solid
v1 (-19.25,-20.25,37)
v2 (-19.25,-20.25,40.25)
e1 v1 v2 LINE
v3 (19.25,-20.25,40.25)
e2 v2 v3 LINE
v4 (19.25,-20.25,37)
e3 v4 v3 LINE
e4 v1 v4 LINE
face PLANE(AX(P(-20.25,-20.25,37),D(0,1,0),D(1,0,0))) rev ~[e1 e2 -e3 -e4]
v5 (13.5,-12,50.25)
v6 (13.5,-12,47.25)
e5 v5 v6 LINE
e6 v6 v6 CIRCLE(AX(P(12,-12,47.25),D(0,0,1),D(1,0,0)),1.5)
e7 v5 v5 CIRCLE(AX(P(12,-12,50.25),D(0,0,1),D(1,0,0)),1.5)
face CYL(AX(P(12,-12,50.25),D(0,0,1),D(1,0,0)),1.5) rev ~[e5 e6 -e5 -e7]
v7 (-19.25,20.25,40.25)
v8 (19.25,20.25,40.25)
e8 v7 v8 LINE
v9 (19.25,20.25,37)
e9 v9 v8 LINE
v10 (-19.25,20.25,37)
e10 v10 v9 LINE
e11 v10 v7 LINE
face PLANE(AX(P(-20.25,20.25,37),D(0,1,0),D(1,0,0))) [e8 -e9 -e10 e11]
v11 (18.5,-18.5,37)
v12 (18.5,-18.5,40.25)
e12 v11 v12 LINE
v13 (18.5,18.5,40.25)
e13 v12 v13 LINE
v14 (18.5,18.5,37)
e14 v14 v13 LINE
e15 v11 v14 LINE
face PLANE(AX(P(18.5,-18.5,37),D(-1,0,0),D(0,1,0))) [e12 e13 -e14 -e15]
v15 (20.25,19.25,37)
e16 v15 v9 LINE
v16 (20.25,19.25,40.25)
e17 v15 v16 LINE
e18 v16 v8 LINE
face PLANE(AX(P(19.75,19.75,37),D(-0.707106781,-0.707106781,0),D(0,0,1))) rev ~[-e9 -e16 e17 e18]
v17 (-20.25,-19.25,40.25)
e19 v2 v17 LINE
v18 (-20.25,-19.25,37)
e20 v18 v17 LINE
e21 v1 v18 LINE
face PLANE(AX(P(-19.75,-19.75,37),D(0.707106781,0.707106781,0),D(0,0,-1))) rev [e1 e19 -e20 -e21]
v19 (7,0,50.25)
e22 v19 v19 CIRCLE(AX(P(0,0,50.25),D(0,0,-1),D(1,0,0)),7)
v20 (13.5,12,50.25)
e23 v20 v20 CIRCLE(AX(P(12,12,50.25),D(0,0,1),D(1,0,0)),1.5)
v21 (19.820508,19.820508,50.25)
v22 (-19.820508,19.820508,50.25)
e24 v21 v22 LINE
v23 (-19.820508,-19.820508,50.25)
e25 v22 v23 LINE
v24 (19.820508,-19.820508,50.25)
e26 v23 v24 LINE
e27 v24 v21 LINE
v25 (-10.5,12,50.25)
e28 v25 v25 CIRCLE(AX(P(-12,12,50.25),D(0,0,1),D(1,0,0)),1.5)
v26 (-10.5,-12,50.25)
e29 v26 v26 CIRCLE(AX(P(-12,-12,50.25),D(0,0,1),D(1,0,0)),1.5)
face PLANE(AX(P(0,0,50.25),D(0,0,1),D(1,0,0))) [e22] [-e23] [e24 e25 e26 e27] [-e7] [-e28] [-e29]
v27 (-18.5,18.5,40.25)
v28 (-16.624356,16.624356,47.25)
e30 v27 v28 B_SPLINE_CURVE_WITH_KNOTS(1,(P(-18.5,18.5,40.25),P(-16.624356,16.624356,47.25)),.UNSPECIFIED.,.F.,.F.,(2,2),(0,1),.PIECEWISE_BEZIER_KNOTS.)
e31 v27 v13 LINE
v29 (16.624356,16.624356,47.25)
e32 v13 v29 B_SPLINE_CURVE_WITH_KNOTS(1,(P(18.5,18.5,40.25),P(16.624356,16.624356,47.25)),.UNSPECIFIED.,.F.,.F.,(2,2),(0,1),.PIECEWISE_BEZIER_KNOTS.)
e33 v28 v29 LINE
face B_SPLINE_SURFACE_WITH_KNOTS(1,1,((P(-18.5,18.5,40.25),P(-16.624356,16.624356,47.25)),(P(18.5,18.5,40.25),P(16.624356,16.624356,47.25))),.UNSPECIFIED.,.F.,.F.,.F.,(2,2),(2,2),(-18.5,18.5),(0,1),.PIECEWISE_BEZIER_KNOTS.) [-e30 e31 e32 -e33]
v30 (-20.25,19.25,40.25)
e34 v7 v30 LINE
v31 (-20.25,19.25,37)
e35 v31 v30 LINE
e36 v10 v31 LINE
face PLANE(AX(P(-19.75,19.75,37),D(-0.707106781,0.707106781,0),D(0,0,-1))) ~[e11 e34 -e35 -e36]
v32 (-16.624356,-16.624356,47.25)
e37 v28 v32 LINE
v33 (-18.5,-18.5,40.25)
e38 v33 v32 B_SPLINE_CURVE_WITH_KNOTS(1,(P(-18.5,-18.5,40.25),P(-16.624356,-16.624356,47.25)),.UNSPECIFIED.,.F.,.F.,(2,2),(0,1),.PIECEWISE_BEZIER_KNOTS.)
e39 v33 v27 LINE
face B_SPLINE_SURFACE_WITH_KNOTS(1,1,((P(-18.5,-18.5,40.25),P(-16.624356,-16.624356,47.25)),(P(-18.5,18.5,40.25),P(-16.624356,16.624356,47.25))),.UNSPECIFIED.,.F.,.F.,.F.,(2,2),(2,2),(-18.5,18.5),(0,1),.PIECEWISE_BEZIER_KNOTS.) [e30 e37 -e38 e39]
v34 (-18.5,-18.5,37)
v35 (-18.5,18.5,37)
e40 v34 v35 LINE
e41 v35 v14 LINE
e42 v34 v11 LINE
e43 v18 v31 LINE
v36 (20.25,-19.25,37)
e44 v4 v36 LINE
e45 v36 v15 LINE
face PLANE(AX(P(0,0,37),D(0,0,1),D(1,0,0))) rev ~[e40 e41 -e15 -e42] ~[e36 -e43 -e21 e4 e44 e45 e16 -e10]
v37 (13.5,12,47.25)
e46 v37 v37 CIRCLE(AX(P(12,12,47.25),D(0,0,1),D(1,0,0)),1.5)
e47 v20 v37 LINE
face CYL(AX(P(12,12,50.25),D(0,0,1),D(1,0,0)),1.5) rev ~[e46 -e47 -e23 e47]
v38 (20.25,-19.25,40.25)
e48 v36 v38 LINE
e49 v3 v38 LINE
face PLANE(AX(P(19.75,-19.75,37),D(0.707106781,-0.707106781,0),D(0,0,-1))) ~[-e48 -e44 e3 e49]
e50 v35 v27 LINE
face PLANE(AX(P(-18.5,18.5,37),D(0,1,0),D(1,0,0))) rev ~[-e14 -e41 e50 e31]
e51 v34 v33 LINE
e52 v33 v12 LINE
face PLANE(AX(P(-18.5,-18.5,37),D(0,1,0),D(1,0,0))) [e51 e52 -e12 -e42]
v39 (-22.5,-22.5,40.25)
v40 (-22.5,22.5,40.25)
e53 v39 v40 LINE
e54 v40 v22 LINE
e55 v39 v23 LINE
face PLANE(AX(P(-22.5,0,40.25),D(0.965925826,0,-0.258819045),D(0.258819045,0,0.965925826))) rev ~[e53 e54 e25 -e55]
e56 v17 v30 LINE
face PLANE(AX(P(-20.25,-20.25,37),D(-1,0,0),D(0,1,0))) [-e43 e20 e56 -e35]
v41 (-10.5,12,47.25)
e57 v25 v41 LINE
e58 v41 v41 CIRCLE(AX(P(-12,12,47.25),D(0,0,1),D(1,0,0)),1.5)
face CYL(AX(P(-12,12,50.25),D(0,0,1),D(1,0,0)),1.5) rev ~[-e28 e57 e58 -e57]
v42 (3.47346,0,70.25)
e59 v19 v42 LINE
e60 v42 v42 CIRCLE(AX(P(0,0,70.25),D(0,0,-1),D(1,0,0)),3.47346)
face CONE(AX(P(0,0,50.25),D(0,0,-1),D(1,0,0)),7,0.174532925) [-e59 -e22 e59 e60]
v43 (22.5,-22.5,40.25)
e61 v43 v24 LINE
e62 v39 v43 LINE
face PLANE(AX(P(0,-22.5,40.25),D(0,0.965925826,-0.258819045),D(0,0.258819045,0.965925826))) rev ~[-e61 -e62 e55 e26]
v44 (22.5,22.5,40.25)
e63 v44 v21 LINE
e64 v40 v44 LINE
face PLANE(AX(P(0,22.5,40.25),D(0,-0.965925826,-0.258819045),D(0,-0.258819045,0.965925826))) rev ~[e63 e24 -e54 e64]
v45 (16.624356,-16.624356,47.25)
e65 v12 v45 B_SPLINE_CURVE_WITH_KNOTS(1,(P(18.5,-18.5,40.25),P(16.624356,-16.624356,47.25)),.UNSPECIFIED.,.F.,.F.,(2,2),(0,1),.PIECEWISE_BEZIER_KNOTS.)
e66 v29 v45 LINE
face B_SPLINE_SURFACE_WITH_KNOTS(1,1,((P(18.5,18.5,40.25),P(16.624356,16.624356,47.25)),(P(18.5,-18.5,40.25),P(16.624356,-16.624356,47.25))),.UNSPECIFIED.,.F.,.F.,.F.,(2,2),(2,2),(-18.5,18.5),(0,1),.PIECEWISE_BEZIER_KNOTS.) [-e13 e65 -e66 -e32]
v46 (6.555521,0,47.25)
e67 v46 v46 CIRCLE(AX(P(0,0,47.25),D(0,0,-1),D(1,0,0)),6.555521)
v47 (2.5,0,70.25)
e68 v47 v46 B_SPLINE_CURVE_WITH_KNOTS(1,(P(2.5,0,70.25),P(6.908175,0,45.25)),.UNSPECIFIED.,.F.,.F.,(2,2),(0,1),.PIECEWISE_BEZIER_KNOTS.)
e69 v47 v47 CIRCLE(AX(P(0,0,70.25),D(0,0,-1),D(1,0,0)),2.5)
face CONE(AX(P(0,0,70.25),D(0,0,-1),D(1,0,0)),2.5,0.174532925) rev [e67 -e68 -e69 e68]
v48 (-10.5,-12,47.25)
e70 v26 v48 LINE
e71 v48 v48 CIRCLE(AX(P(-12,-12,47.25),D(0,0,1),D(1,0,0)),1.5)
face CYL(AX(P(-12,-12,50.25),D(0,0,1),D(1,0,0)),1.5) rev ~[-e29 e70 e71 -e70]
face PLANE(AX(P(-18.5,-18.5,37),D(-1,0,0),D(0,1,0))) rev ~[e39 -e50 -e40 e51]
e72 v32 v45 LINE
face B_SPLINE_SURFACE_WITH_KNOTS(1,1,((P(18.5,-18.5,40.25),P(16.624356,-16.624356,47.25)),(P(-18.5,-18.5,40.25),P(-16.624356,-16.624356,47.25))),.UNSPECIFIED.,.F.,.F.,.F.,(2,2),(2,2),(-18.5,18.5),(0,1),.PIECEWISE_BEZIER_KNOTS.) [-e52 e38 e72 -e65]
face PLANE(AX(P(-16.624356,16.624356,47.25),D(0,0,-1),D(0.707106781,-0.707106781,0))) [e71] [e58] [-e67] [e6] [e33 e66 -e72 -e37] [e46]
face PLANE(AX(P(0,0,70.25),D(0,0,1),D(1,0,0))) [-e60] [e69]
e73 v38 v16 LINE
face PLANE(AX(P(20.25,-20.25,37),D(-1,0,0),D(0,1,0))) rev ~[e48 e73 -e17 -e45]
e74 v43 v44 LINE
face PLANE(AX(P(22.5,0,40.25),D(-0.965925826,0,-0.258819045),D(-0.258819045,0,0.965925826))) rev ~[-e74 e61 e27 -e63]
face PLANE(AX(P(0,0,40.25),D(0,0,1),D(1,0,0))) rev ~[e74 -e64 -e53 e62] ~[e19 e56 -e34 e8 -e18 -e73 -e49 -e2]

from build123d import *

# Parameters (mm, degrees)
SKETCH004_W     = 40.5
SKETCH004_H     = 40.5
SKETCH004_W_2   = 37
SKETCH004_H_2   = 37
PAD001_DEPTH    = 3.25
SKETCH005_W     = 45
SKETCH005_H     = 45
PAD002_DEPTH    = 10
PAD002_TAPER    = 15
SKETCH006_W     = 37
SKETCH006_H     = 37
POCKET003_DEPTH = 7
POCKET003_TAPER = 15
SKETCH007_R     = 7
PAD003_DEPTH    = 20
PAD003_TAPER    = 10
SKETCH008_R     = 2.5
POCKET004_DEPTH = 25
POCKET004_TAPER = -10
SKETCH009_R     = 1.5
POCKET005_DEPTH = 13.251
CHAMFER001_SIZE = 1


with BuildPart() as part:
    # Sketch004 (on Face1 of Binder) → Pad001 (new body)
    with BuildSketch(Plane.XY.offset(37)):
        Rectangle(SKETCH004_W, SKETCH004_H)
        Rectangle(SKETCH004_W_2, SKETCH004_H_2, mode=Mode.SUBTRACT)
    extrude(amount=PAD001_DEPTH)

    # Sketch005 (on Face10 of Pad001) → Pad002 (join)
    with BuildSketch(Plane.XY.offset(40.25)):
        Rectangle(SKETCH005_W, SKETCH005_H)
    extrude(amount=PAD002_DEPTH, taper=PAD002_TAPER)

    # Sketch006 (on Face15 of Pad002) → Pocket003 (cut)
    with BuildSketch(Plane(origin=(0, 0, 40.25), x_dir=(1, 0, 0), z_dir=(0, 0, -1))):
        Rectangle(SKETCH006_W, SKETCH006_H)
    extrude(amount=-POCKET003_DEPTH, taper=POCKET003_TAPER, mode=Mode.SUBTRACT)

    # Sketch007 (on Face19 of Pocket003) → Pad003 (join)
    with BuildSketch(Plane.XY.offset(50.25)):
        Circle(SKETCH007_R)
    extrude(amount=PAD003_DEPTH, taper=PAD003_TAPER)

    # Sketch008 (on Face22 of Pad003) → Pocket004 (cut)
    with BuildSketch(Plane.XY.offset(70.25)):
        Circle(SKETCH008_R)
    extrude(amount=-POCKET004_DEPTH, taper=POCKET004_TAPER, mode=Mode.SUBTRACT)

    # Sketch009 (on Face19 of Pocket004) → Pocket005 (cut, through all)
    with BuildSketch(Plane.XY.offset(50.25)):
        with Locations((-12, 12)):
            Circle(SKETCH009_R)
        with Locations((12, 12)):
            Circle(SKETCH009_R)
        with Locations((-12, -12)):
            Circle(SKETCH009_R)
        with Locations((12, -12)):
            Circle(SKETCH009_R)
    extrude(amount=-POCKET005_DEPTH, mode=Mode.SUBTRACT)

    # Chamfer001
    chamfer001_edges = [part.edges().sort_by_distance(p)[0] for p in [
        (20.25, -20.25, 38.625),
        (-20.25, -20.25, 38.625),
        (-20.25, 20.25, 38.625),
        (20.25, 20.25, 38.625),
    ]]
    chamfer(chamfer001_edges, length=CHAMFER001_SIZE)


solid = part.part
